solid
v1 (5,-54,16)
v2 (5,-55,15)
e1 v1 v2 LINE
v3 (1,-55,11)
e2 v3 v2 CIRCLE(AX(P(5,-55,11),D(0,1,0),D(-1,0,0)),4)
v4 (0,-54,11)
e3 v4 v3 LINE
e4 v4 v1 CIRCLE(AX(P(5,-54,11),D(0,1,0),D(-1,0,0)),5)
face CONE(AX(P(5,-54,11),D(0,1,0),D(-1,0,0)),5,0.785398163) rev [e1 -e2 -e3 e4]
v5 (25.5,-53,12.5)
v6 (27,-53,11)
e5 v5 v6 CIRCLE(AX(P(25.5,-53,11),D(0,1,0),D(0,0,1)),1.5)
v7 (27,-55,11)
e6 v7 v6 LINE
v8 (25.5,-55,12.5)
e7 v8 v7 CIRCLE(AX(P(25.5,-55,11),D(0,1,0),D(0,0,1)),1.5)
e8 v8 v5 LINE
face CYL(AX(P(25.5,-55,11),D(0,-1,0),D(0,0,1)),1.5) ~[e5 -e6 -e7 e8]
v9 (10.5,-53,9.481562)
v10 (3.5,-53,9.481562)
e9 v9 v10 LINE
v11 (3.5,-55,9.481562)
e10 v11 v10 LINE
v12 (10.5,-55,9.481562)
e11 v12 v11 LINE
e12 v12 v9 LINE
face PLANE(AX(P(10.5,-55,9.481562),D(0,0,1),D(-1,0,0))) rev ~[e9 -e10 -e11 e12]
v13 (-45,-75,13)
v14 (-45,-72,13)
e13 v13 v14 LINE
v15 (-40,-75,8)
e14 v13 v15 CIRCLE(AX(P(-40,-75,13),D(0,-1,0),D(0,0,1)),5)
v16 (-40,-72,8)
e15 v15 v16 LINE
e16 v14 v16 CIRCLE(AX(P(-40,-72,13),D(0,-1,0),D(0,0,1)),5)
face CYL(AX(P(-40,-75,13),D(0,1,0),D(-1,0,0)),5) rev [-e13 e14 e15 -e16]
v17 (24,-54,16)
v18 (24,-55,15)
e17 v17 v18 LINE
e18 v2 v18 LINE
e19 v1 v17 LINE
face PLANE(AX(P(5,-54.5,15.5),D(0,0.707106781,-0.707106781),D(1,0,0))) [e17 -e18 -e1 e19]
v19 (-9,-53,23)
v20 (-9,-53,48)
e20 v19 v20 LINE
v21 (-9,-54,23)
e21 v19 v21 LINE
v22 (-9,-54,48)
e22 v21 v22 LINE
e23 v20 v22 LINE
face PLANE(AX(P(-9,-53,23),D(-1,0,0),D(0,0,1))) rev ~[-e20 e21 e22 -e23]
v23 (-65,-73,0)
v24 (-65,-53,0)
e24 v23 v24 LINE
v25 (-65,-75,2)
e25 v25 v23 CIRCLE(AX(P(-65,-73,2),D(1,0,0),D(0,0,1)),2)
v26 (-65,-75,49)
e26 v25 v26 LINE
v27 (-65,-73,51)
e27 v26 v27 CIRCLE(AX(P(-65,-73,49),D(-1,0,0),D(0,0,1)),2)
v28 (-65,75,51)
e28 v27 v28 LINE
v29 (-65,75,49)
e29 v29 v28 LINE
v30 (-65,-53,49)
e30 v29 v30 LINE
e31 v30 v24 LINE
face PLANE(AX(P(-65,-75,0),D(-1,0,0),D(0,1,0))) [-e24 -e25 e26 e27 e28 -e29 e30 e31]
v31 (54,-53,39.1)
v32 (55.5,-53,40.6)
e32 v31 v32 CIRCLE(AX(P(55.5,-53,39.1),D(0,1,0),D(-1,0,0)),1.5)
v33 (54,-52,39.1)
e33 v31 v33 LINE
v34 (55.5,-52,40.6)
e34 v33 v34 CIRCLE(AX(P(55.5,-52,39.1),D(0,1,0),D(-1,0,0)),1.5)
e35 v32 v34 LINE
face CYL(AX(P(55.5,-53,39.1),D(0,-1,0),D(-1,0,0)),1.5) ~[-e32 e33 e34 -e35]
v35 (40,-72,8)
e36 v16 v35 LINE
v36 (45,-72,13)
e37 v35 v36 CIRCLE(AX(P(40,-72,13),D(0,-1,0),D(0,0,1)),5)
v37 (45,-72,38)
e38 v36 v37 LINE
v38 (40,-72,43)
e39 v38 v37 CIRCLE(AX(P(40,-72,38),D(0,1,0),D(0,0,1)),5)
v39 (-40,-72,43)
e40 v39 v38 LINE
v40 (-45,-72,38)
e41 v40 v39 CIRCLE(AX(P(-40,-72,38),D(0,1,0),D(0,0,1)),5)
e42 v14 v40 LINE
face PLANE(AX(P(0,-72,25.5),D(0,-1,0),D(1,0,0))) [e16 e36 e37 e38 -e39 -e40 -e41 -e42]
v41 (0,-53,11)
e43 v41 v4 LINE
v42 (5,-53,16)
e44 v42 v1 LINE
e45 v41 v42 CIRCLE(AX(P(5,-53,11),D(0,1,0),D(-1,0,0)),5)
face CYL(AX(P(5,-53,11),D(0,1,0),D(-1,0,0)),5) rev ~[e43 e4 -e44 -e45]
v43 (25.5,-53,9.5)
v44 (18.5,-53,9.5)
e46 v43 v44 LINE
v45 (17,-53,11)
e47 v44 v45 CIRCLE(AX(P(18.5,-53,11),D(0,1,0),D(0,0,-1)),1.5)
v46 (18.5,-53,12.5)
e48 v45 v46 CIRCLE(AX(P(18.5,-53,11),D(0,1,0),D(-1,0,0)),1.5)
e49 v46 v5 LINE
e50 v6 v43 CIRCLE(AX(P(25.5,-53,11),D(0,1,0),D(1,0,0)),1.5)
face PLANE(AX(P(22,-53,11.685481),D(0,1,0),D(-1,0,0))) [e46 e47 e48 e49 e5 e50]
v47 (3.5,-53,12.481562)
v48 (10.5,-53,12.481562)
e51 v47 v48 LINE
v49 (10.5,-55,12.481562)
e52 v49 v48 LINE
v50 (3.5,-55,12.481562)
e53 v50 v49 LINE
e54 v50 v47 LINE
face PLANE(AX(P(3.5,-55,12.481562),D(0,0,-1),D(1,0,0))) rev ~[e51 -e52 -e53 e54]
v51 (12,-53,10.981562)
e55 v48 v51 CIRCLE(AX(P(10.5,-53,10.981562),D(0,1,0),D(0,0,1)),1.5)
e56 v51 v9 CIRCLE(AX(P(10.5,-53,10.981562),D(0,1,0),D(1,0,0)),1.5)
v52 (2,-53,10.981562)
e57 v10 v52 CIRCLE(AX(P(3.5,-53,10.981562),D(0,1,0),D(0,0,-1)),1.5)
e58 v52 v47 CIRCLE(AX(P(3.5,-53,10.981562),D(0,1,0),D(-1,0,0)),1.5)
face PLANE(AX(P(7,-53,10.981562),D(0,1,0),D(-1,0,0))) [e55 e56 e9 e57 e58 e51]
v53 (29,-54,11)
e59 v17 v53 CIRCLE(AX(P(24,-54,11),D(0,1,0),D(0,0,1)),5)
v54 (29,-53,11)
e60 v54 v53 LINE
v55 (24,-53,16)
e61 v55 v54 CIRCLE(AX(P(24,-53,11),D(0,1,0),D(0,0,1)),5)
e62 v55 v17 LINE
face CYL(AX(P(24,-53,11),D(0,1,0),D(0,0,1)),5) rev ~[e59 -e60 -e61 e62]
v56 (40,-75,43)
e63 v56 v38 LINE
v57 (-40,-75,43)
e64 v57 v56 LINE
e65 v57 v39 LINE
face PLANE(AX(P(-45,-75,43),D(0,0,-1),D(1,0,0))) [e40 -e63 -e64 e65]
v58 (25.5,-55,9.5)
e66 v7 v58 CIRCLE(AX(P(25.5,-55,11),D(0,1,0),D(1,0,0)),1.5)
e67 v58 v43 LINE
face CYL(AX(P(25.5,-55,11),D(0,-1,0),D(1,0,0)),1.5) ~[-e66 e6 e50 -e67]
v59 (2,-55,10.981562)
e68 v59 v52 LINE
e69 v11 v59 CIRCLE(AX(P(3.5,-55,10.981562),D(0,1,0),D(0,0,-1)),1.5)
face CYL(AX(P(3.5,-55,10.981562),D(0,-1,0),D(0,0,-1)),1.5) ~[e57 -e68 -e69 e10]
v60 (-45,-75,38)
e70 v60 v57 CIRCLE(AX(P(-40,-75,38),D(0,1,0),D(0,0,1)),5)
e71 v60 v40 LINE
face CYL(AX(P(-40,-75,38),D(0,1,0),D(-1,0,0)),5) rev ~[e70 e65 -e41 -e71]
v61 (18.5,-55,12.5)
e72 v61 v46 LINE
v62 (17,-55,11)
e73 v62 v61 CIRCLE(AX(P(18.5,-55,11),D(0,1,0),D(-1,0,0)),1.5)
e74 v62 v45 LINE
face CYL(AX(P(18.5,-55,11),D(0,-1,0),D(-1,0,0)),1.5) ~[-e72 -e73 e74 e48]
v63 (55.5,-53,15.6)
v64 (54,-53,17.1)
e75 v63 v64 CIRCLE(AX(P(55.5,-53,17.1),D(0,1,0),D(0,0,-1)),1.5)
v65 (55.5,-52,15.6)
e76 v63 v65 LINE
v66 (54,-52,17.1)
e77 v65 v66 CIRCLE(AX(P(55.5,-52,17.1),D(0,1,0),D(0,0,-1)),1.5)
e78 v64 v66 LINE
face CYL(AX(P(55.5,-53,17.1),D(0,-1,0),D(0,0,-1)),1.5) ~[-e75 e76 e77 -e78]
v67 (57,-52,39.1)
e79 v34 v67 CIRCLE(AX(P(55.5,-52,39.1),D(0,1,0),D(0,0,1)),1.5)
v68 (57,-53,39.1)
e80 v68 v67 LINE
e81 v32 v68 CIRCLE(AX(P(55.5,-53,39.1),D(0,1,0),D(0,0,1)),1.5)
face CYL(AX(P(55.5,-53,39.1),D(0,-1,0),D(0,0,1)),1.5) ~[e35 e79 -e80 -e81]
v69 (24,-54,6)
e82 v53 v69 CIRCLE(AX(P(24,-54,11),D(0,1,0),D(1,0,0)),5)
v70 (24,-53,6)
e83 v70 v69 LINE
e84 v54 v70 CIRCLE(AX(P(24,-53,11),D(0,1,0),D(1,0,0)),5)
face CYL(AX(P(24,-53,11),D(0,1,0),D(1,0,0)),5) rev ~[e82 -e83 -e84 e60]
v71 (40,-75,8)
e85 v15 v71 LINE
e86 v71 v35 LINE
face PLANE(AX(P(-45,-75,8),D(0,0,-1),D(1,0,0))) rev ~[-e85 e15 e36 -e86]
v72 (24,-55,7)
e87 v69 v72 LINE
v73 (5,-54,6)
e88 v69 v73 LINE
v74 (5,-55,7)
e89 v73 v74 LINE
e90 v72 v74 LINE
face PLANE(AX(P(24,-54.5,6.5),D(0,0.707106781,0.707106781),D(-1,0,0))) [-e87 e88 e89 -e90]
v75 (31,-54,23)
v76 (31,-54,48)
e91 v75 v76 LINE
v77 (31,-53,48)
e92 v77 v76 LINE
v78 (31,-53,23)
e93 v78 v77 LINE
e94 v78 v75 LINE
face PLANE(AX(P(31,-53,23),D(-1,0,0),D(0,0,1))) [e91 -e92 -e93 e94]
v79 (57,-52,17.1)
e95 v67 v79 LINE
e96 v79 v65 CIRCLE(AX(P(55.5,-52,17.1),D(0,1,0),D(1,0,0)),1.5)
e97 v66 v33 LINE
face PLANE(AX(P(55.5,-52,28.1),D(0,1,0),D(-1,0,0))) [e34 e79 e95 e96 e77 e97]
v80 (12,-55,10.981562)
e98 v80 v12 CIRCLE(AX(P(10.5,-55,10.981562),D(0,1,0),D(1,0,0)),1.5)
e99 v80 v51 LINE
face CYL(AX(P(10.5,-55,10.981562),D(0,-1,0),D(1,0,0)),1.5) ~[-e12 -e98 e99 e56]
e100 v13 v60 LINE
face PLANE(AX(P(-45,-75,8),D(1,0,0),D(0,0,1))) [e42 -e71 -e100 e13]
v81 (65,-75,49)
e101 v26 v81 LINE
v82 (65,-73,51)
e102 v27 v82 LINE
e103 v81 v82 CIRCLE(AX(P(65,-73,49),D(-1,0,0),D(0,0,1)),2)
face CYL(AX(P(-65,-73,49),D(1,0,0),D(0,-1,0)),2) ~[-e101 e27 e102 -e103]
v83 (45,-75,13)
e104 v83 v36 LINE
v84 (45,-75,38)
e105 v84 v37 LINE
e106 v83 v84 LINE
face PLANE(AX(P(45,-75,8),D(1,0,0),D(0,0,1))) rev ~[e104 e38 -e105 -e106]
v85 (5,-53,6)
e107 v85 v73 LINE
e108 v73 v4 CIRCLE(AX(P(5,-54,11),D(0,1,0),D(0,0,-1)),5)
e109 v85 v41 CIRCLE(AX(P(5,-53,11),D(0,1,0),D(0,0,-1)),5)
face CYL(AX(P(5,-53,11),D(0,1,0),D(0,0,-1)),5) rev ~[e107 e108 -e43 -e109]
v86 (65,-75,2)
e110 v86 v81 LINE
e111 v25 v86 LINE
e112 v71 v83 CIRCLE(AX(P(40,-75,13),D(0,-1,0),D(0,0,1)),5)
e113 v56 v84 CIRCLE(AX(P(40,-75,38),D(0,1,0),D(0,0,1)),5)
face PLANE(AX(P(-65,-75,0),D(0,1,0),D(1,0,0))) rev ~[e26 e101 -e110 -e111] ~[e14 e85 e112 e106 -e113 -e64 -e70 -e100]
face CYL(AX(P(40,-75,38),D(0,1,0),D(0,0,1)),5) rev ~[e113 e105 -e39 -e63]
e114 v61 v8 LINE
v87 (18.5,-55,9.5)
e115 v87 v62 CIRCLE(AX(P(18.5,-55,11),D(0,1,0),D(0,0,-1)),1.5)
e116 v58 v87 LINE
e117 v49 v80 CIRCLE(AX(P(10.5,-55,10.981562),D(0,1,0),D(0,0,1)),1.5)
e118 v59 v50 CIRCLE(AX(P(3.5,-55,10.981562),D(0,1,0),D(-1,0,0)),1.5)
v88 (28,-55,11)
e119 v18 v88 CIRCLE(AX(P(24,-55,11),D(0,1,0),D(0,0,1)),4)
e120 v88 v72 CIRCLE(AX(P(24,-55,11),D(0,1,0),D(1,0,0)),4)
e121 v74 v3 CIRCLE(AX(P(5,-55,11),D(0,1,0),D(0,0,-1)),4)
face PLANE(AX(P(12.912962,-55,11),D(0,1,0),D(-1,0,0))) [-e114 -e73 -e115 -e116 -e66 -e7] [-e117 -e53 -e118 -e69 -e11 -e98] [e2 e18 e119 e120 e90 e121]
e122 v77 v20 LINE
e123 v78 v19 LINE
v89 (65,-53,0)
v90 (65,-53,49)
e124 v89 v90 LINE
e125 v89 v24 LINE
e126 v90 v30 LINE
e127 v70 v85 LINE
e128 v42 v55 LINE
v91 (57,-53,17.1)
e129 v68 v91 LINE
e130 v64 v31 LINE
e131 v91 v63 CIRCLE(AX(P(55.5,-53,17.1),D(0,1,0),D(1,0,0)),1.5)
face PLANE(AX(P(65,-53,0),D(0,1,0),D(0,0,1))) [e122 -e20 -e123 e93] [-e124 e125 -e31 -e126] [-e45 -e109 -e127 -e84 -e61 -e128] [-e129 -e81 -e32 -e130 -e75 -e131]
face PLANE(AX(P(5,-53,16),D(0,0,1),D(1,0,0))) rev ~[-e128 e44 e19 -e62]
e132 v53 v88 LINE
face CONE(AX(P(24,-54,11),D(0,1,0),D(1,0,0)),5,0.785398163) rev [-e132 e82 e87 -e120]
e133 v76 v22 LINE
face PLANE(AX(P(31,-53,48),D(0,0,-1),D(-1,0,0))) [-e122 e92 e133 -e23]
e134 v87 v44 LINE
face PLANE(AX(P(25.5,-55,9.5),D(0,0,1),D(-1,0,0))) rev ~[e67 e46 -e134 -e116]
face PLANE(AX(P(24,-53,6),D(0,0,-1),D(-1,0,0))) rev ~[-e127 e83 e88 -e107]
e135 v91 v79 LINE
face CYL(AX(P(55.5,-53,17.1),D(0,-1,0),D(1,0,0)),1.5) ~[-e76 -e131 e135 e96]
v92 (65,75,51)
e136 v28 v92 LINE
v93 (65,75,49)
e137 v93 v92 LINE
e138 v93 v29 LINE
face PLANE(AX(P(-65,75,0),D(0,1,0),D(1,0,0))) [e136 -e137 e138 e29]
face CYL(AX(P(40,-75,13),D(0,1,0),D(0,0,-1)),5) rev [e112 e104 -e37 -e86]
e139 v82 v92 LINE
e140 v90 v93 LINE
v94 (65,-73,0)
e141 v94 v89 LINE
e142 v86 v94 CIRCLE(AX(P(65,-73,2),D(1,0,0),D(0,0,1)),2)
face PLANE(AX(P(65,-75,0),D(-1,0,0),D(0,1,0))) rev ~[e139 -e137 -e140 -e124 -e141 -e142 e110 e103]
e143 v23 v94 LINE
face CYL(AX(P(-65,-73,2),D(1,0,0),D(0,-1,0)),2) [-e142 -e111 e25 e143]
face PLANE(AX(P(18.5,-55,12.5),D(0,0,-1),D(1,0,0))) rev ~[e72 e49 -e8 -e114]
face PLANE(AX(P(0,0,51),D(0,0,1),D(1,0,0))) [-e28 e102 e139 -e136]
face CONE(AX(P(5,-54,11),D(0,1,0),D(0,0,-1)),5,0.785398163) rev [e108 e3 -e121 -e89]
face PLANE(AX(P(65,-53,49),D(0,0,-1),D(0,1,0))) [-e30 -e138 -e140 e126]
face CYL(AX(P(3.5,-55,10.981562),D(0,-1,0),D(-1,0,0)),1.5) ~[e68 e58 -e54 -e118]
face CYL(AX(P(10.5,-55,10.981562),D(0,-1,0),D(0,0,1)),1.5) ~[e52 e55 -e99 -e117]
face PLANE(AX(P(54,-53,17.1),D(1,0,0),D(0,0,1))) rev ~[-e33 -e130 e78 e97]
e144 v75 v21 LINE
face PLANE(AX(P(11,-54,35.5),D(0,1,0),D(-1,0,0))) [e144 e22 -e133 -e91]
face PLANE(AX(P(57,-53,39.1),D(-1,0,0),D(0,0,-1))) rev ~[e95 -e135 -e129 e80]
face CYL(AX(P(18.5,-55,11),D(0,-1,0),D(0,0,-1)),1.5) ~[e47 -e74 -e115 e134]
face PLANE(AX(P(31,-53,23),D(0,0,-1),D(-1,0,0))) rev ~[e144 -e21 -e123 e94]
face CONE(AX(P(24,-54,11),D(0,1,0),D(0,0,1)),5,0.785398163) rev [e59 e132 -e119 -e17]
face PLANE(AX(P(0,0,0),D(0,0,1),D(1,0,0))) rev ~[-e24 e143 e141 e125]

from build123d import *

# Parameters (mm, degrees)
F0_W      = 130
F0_H      = 150
F1_DEPTH  = 51
F2_W      = 128
F2_H      = 49
F3_DEPTH  = 130.001
F4_W      = 90
F4_H      = 35
F5_DEPTH  = 3
F6_R      = 5
F7_R      = 5
F8_R      = 2
F9_R      = 2
F11_DEPTH = 1
F12_W     = 40
F12_H     = 25
F13_DEPTH = 1
F15_DEPTH = 2
F16_SIZE  = 1
F18_DEPTH = 2


with BuildPart() as f1:
    # F0 (on Top) → F1 (new body)
    with BuildSketch(Plane.XY):
        Rectangle(F0_W, F0_H)
    extrude(amount=F1_DEPTH)

    # F2 (on face) → F3 (cut, through all)
    with BuildSketch(Plane.YZ.offset(65)):
        with Locations((11, 24.5)):
            Rectangle(F2_W, F2_H)
    extrude(amount=-F3_DEPTH, mode=Mode.SUBTRACT)

    # F4 (on face) → F5 (cut)
    with BuildSketch(Plane.XZ.offset(75)):
        with Locations((0, 25.5)):
            Rectangle(F4_W, F4_H)
    extrude(amount=-F5_DEPTH, mode=Mode.SUBTRACT)

    # F6
    f6_edges = [f1.edges().sort_by_distance(p)[0] for p in [
        (-45, -73.5, 43),
    ]]
    fillet(f6_edges, radius=F6_R)

    # F7
    f7_edges = [f1.edges().sort_by_distance(p)[0] for p in [
        (45, -73.5, 43),
        (45, -73.5, 8),
        (-45, -73.5, 8),
    ]]
    fillet(f7_edges, radius=F7_R)

    # F8
    f8_edges = [f1.edges().sort_by_distance(p)[0] for p in [
        (0, -75, 0),
    ]]
    fillet(f8_edges, radius=F8_R)

    # F9
    f9_edges = [f1.edges().sort_by_distance(p)[0] for p in [
        (0, -75, 51),
    ]]
    fillet(f9_edges, radius=F9_R)

    # F10 (on face) → F11 (join)
    with BuildSketch(Plane(origin=(0, -53, 0), x_dir=(-1, 0, 0), z_dir=(0, 1, 0))):
        with BuildLine():
            Line((-57, 39.1), (-57, 17.1))
            ThreePointArc((-57, 17.1), (-56.5606601718, 16.0393398282), (-55.5, 15.6))
            ThreePointArc((-55.5, 15.6), (-54.4393398282, 16.0393398282), (-54, 17.1))
            Line((-54, 17.1), (-54, 39.1))
            ThreePointArc((-54, 39.1), (-54.4393398282, 40.1606601718), (-55.5, 40.6))
            ThreePointArc((-55.5, 40.6), (-56.5606601718, 40.1606601718), (-57, 39.1))
        make_face()
    extrude(amount=F11_DEPTH)

    # F12 (on face) → F13 (cut)
    with BuildSketch(Plane(origin=(0, -53, 0), x_dir=(-1, 0, 0), z_dir=(0, 1, 0))):
        with Locations((-11, 35.5)):
            Rectangle(F12_W, F12_H)
    extrude(amount=-F13_DEPTH, mode=Mode.SUBTRACT)

    # F14 (on face) → F15 (cut)
    with BuildSketch(Plane(origin=(0, -53, 0), x_dir=(-1, 0, 0), z_dir=(0, 1, 0))):
        with BuildLine():
            Line((-24, 16), (-24, 6))
            Line((-24, 6), (-5, 6))
            ThreePointArc((-5, 6), (-1.4644660941, 7.4644660941), (0, 11))
            ThreePointArc((0, 11), (-1.4644660941, 14.5355339059), (-5, 16))
            Line((-5, 16), (-24, 16))
        make_face()
        with BuildLine():
            ThreePointArc((-24, 16), (-27.5355339059, 14.5355339059), (-29, 11))
            ThreePointArc((-29, 11), (-27.5355339059, 7.4644660941), (-24, 6))
            Line((-24, 6), (-24, 16))
        make_face()
    extrude(amount=-F15_DEPTH, mode=Mode.SUBTRACT)

    # F16
    f16_edges = [f1.edges().sort_by_distance(p)[0] for p in [
        (29, -55, 11),
        (14.5, -55, 16),
        (0, -55, 11),
        (14.5, -55, 6),
    ]]
    chamfer(f16_edges, length=F16_SIZE)

    # F17 (on face) → F18 (join)
    with BuildSketch(Plane(origin=(0, -55, 0), x_dir=(-1, 0, 0), z_dir=(0, 1, 0))):
        with BuildLine():
            Line((-27, 11), (-24, 11))
            Line((-24, 11), (-17, 11))
            ThreePointArc((-17, 11), (-17.4393398282, 12.0606601718), (-18.5, 12.5))
            Line((-18.5, 12.5), (-25.5, 12.5))
            ThreePointArc((-25.5, 12.5), (-26.5606601718, 12.0606601718), (-27, 11))
        make_face()
        with BuildLine():
            Line((-17, 11), (-24, 11))
            Line((-24, 11), (-27, 11))
            ThreePointArc((-27, 11), (-26.5606601718, 9.9393398282), (-25.5, 9.5))
            Line((-25.5, 9.5), (-18.5, 9.5))
            ThreePointArc((-18.5, 9.5), (-17.4393398282, 9.9393398282), (-17, 11))
        make_face()
        with BuildLine():
            ThreePointArc((-10.5000000544, 12.4815619213), (-11.5606602262, 12.042222093), (-12.0000000544, 10.9815619213))
            ThreePointArc((-12.0000000544, 10.9815619213), (-11.5606602262, 9.9209017495), (-10.5000000544, 9.4815619213))
            Line((-10.5000000544, 9.4815619213), (-3.5000000544, 9.4815619213))
            ThreePointArc((-3.5000000544, 9.4815619213), (-2.4393398827, 9.9209017495), (-2.0000000544, 10.9815619213))
            ThreePointArc((-2.0000000544, 10.9815619213), (-2.4393398827, 12.042222093), (-3.5000000544, 12.4815619213))
            Line((-3.5000000544, 12.4815619213), (-10.5000000544, 12.4815619213))
        make_face()
    extrude(amount=F18_DEPTH)


solid = f1.part
